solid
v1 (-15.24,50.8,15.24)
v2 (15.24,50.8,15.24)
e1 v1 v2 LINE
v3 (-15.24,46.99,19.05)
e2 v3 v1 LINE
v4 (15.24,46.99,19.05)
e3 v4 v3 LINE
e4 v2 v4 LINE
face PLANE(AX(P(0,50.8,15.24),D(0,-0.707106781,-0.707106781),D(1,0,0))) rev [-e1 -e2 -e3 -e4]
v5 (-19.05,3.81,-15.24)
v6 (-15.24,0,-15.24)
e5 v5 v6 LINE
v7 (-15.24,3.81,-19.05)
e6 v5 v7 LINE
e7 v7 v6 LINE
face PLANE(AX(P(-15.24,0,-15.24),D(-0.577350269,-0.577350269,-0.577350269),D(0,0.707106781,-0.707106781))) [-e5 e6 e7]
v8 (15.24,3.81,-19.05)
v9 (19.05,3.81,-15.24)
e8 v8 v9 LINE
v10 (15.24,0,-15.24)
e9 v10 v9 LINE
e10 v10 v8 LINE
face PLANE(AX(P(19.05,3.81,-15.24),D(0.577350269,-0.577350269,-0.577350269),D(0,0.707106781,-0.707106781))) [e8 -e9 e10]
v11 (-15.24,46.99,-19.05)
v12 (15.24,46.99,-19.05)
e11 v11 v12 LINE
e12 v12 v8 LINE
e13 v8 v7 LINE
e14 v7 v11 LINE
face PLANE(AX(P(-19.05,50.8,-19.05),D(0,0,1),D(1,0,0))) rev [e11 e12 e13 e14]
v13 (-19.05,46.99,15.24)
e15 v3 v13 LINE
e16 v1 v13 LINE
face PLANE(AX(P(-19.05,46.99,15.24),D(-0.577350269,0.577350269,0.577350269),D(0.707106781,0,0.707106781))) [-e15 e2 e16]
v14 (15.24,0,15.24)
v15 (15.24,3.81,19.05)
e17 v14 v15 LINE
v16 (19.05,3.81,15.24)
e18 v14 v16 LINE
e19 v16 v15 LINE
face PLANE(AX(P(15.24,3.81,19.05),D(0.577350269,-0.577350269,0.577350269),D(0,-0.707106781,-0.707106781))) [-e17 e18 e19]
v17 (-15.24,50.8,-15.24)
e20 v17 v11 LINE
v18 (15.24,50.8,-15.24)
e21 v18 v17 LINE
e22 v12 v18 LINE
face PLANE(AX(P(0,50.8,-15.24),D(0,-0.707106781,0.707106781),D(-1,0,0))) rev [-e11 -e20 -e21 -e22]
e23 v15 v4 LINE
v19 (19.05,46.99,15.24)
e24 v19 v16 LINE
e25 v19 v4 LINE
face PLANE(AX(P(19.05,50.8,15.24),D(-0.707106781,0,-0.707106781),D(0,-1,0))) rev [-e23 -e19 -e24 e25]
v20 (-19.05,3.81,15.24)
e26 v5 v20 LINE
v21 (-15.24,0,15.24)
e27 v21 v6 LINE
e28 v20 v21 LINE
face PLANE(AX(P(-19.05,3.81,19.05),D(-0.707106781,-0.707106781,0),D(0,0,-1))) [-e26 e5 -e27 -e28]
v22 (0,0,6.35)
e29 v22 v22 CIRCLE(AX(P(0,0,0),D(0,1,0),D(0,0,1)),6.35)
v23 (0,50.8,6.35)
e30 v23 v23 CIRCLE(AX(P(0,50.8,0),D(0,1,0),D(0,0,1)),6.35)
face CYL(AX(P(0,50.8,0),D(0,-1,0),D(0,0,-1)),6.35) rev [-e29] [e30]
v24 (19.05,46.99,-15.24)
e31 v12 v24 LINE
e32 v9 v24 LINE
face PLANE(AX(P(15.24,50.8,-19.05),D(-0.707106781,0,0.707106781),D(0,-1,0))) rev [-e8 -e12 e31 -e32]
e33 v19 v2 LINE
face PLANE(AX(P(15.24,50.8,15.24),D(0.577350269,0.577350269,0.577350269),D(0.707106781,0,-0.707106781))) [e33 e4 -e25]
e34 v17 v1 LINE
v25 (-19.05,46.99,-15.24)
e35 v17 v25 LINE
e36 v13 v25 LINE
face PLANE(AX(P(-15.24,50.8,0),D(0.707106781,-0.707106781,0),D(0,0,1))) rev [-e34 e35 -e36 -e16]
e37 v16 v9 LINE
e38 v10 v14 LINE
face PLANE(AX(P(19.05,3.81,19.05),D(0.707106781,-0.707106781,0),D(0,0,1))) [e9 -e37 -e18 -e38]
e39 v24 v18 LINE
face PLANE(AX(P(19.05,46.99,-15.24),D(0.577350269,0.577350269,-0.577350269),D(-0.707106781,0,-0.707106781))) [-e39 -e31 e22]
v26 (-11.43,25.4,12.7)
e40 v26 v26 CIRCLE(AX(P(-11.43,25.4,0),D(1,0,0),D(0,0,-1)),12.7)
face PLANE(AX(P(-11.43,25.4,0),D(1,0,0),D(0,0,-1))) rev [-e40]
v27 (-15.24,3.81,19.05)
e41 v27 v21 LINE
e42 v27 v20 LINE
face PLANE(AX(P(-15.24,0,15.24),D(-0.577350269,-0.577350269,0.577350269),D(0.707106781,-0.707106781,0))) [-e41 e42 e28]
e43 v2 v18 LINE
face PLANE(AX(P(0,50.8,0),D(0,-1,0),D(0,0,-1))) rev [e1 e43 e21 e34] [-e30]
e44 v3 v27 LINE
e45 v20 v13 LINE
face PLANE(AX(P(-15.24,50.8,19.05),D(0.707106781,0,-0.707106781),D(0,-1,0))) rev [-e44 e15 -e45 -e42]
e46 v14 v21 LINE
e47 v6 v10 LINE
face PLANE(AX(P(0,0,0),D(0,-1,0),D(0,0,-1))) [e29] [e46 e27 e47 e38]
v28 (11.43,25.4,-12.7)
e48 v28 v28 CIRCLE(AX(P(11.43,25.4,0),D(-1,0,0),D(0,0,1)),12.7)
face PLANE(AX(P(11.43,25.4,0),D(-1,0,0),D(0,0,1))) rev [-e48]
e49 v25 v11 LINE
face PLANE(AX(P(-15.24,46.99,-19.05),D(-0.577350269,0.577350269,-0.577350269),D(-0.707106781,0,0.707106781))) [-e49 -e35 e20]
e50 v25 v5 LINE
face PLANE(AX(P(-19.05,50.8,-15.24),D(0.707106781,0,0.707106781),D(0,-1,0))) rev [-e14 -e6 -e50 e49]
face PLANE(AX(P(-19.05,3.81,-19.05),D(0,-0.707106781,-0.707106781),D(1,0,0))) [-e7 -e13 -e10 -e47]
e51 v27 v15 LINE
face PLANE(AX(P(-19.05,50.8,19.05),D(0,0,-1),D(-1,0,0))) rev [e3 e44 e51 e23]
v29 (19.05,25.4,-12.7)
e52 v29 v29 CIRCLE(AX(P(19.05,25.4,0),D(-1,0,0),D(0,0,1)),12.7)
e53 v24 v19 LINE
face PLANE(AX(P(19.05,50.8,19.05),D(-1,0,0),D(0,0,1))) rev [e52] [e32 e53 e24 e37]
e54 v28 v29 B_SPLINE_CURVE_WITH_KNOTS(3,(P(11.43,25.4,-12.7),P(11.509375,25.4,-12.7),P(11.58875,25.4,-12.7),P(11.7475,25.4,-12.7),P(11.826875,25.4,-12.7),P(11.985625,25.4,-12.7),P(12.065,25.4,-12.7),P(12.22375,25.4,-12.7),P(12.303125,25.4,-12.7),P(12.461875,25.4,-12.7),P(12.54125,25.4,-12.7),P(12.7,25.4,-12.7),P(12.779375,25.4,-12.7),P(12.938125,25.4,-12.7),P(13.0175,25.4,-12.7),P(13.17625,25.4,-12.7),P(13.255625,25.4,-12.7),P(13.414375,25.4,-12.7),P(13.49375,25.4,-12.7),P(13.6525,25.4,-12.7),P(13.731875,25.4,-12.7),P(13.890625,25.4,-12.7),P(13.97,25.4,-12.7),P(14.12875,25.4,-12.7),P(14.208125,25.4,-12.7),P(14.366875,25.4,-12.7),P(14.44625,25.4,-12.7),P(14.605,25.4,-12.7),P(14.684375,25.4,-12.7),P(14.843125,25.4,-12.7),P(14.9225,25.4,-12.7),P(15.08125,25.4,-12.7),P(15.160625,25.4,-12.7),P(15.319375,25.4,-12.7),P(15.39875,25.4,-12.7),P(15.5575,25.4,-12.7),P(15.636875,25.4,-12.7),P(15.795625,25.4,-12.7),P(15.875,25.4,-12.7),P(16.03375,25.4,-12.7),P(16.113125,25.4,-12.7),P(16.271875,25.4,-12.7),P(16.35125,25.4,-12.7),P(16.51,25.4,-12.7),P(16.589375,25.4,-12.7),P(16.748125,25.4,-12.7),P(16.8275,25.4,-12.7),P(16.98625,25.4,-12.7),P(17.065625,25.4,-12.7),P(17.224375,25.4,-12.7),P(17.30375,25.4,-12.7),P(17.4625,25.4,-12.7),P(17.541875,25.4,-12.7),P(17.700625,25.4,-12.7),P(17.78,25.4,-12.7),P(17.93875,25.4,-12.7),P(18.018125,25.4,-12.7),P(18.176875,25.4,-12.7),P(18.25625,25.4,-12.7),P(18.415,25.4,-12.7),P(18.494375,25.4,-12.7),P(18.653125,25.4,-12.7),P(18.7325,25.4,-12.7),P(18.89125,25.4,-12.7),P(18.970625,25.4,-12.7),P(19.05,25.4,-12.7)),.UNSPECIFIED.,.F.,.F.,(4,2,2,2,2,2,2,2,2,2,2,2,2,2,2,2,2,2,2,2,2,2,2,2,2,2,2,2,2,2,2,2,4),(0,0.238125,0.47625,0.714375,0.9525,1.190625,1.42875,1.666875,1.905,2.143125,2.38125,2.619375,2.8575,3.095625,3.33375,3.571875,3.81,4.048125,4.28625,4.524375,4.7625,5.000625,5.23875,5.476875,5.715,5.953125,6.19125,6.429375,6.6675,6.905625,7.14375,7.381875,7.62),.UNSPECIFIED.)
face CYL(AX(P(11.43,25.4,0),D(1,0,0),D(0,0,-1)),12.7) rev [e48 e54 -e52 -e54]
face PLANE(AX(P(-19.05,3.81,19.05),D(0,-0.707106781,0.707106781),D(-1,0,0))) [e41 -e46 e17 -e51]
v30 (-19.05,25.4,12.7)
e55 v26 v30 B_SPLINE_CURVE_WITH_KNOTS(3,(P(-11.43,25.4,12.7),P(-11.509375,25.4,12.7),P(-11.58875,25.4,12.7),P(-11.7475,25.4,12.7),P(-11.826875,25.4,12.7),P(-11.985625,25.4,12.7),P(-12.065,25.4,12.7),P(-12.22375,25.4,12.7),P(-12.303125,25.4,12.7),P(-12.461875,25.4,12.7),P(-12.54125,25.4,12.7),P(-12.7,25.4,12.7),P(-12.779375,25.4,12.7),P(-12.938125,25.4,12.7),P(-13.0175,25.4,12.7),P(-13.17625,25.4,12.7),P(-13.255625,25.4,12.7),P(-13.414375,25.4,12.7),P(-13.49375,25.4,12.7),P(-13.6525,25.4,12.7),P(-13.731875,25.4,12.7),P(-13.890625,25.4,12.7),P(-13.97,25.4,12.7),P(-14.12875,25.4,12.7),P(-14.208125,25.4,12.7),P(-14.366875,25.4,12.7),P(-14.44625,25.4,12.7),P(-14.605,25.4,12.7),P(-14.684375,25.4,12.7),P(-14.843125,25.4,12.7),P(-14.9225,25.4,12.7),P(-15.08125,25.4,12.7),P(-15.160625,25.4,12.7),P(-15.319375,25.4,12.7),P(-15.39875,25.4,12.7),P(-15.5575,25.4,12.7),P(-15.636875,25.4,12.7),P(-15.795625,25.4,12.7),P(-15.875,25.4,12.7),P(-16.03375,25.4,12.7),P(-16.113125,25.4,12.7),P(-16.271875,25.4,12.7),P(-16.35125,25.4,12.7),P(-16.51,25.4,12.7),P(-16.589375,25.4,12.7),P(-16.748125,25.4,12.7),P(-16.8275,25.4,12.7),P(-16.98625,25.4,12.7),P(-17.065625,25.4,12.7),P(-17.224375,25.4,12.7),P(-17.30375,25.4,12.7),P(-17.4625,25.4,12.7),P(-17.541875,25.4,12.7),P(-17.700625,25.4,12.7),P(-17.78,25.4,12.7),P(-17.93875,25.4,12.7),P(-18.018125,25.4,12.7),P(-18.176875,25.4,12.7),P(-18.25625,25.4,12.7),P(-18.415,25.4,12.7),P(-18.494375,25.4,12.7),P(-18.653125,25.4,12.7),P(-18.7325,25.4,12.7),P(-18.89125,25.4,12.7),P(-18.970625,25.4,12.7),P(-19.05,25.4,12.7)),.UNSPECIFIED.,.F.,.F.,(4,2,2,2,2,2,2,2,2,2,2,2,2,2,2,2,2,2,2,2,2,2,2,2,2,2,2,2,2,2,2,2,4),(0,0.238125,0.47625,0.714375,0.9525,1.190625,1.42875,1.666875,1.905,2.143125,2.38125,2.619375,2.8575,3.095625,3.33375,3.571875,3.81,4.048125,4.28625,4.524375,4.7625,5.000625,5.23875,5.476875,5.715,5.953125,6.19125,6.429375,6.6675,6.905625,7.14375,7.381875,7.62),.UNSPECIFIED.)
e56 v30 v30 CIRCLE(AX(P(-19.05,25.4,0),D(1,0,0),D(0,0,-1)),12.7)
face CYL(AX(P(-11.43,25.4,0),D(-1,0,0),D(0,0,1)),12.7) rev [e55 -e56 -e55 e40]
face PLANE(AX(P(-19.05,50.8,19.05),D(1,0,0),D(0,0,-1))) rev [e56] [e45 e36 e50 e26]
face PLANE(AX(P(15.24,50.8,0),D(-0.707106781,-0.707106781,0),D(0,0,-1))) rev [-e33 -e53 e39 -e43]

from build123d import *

# Parameters (mm, degrees)
SKETCH1_W           = 38.1
SKETCH1_H           = 38.1
SKETCH1_R           = 6.35
BOSS_EXTRUDE1_DEPTH = 50.8
CUT_EXTRUDE1_START  = 19.05
SKETCH2_R           = 12.7
CUT_EXTRUDE1_DEPTH  = 7.62
CUT_EXTRUDE2_START  = -11.43
SKETCH2_2_R         = 12.7
CUT_EXTRUDE2_DEPTH  = 7.62
CHAMFER1_SIZE       = 3.81


with BuildPart() as part:
    # Sketch1 → Boss-Extrude1 (new body)
    with BuildSketch(Plane(origin=(0, 0, 0), x_dir=(1, 0, 0), z_dir=(0, 1, 0))):
        Rectangle(SKETCH1_W, SKETCH1_H)
        with Locations(Location((0, 0, 0), (0, 0, 270))):
            Circle(SKETCH1_R, mode=Mode.SUBTRACT)
    extrude(amount=BOSS_EXTRUDE1_DEPTH)

    # Sketch2 → Cut-Extrude1 (cut)
    with BuildSketch(Plane(origin=(0, 0, 0), x_dir=(0, 0, -1), z_dir=(1, 0, 0)).offset(CUT_EXTRUDE1_START)):
        with Locations((0, 25.4)):
            Circle(SKETCH2_R)
    extrude(amount=-CUT_EXTRUDE1_DEPTH, mode=Mode.SUBTRACT)

    # Sketch2<2> → Cut-Extrude2 (cut)
    with BuildSketch(Plane(origin=(0, 0, 0), x_dir=(0, 0, -1), z_dir=(1, 0, 0)).offset(CUT_EXTRUDE2_START)):
        with Locations((0, 25.4)):
            Circle(SKETCH2_2_R)
    extrude(amount=-CUT_EXTRUDE2_DEPTH, mode=Mode.SUBTRACT)

    # Chamfer1
    chamfer1_edges = [part.edges().sort_by_distance(p)[0] for p in [
        (-19.05, 50.8, 0),
        (0, 50.8, 19.05),
        (19.05, 50.8, 0),
        (0, 0, 19.05),
        (-19.05, 0, 0),
        (0, 0, -19.05),
        (19.05, 0, 0),
        (19.05, 25.4, 19.05),
        (-19.05, 25.4, 19.05),
        (-19.05, 25.4, -19.05),
        (19.05, 25.4, -19.05),
        (0, 50.8, -19.05),
    ]]
    chamfer(chamfer1_edges, length=CHAMFER1_SIZE)


solid = part.part
